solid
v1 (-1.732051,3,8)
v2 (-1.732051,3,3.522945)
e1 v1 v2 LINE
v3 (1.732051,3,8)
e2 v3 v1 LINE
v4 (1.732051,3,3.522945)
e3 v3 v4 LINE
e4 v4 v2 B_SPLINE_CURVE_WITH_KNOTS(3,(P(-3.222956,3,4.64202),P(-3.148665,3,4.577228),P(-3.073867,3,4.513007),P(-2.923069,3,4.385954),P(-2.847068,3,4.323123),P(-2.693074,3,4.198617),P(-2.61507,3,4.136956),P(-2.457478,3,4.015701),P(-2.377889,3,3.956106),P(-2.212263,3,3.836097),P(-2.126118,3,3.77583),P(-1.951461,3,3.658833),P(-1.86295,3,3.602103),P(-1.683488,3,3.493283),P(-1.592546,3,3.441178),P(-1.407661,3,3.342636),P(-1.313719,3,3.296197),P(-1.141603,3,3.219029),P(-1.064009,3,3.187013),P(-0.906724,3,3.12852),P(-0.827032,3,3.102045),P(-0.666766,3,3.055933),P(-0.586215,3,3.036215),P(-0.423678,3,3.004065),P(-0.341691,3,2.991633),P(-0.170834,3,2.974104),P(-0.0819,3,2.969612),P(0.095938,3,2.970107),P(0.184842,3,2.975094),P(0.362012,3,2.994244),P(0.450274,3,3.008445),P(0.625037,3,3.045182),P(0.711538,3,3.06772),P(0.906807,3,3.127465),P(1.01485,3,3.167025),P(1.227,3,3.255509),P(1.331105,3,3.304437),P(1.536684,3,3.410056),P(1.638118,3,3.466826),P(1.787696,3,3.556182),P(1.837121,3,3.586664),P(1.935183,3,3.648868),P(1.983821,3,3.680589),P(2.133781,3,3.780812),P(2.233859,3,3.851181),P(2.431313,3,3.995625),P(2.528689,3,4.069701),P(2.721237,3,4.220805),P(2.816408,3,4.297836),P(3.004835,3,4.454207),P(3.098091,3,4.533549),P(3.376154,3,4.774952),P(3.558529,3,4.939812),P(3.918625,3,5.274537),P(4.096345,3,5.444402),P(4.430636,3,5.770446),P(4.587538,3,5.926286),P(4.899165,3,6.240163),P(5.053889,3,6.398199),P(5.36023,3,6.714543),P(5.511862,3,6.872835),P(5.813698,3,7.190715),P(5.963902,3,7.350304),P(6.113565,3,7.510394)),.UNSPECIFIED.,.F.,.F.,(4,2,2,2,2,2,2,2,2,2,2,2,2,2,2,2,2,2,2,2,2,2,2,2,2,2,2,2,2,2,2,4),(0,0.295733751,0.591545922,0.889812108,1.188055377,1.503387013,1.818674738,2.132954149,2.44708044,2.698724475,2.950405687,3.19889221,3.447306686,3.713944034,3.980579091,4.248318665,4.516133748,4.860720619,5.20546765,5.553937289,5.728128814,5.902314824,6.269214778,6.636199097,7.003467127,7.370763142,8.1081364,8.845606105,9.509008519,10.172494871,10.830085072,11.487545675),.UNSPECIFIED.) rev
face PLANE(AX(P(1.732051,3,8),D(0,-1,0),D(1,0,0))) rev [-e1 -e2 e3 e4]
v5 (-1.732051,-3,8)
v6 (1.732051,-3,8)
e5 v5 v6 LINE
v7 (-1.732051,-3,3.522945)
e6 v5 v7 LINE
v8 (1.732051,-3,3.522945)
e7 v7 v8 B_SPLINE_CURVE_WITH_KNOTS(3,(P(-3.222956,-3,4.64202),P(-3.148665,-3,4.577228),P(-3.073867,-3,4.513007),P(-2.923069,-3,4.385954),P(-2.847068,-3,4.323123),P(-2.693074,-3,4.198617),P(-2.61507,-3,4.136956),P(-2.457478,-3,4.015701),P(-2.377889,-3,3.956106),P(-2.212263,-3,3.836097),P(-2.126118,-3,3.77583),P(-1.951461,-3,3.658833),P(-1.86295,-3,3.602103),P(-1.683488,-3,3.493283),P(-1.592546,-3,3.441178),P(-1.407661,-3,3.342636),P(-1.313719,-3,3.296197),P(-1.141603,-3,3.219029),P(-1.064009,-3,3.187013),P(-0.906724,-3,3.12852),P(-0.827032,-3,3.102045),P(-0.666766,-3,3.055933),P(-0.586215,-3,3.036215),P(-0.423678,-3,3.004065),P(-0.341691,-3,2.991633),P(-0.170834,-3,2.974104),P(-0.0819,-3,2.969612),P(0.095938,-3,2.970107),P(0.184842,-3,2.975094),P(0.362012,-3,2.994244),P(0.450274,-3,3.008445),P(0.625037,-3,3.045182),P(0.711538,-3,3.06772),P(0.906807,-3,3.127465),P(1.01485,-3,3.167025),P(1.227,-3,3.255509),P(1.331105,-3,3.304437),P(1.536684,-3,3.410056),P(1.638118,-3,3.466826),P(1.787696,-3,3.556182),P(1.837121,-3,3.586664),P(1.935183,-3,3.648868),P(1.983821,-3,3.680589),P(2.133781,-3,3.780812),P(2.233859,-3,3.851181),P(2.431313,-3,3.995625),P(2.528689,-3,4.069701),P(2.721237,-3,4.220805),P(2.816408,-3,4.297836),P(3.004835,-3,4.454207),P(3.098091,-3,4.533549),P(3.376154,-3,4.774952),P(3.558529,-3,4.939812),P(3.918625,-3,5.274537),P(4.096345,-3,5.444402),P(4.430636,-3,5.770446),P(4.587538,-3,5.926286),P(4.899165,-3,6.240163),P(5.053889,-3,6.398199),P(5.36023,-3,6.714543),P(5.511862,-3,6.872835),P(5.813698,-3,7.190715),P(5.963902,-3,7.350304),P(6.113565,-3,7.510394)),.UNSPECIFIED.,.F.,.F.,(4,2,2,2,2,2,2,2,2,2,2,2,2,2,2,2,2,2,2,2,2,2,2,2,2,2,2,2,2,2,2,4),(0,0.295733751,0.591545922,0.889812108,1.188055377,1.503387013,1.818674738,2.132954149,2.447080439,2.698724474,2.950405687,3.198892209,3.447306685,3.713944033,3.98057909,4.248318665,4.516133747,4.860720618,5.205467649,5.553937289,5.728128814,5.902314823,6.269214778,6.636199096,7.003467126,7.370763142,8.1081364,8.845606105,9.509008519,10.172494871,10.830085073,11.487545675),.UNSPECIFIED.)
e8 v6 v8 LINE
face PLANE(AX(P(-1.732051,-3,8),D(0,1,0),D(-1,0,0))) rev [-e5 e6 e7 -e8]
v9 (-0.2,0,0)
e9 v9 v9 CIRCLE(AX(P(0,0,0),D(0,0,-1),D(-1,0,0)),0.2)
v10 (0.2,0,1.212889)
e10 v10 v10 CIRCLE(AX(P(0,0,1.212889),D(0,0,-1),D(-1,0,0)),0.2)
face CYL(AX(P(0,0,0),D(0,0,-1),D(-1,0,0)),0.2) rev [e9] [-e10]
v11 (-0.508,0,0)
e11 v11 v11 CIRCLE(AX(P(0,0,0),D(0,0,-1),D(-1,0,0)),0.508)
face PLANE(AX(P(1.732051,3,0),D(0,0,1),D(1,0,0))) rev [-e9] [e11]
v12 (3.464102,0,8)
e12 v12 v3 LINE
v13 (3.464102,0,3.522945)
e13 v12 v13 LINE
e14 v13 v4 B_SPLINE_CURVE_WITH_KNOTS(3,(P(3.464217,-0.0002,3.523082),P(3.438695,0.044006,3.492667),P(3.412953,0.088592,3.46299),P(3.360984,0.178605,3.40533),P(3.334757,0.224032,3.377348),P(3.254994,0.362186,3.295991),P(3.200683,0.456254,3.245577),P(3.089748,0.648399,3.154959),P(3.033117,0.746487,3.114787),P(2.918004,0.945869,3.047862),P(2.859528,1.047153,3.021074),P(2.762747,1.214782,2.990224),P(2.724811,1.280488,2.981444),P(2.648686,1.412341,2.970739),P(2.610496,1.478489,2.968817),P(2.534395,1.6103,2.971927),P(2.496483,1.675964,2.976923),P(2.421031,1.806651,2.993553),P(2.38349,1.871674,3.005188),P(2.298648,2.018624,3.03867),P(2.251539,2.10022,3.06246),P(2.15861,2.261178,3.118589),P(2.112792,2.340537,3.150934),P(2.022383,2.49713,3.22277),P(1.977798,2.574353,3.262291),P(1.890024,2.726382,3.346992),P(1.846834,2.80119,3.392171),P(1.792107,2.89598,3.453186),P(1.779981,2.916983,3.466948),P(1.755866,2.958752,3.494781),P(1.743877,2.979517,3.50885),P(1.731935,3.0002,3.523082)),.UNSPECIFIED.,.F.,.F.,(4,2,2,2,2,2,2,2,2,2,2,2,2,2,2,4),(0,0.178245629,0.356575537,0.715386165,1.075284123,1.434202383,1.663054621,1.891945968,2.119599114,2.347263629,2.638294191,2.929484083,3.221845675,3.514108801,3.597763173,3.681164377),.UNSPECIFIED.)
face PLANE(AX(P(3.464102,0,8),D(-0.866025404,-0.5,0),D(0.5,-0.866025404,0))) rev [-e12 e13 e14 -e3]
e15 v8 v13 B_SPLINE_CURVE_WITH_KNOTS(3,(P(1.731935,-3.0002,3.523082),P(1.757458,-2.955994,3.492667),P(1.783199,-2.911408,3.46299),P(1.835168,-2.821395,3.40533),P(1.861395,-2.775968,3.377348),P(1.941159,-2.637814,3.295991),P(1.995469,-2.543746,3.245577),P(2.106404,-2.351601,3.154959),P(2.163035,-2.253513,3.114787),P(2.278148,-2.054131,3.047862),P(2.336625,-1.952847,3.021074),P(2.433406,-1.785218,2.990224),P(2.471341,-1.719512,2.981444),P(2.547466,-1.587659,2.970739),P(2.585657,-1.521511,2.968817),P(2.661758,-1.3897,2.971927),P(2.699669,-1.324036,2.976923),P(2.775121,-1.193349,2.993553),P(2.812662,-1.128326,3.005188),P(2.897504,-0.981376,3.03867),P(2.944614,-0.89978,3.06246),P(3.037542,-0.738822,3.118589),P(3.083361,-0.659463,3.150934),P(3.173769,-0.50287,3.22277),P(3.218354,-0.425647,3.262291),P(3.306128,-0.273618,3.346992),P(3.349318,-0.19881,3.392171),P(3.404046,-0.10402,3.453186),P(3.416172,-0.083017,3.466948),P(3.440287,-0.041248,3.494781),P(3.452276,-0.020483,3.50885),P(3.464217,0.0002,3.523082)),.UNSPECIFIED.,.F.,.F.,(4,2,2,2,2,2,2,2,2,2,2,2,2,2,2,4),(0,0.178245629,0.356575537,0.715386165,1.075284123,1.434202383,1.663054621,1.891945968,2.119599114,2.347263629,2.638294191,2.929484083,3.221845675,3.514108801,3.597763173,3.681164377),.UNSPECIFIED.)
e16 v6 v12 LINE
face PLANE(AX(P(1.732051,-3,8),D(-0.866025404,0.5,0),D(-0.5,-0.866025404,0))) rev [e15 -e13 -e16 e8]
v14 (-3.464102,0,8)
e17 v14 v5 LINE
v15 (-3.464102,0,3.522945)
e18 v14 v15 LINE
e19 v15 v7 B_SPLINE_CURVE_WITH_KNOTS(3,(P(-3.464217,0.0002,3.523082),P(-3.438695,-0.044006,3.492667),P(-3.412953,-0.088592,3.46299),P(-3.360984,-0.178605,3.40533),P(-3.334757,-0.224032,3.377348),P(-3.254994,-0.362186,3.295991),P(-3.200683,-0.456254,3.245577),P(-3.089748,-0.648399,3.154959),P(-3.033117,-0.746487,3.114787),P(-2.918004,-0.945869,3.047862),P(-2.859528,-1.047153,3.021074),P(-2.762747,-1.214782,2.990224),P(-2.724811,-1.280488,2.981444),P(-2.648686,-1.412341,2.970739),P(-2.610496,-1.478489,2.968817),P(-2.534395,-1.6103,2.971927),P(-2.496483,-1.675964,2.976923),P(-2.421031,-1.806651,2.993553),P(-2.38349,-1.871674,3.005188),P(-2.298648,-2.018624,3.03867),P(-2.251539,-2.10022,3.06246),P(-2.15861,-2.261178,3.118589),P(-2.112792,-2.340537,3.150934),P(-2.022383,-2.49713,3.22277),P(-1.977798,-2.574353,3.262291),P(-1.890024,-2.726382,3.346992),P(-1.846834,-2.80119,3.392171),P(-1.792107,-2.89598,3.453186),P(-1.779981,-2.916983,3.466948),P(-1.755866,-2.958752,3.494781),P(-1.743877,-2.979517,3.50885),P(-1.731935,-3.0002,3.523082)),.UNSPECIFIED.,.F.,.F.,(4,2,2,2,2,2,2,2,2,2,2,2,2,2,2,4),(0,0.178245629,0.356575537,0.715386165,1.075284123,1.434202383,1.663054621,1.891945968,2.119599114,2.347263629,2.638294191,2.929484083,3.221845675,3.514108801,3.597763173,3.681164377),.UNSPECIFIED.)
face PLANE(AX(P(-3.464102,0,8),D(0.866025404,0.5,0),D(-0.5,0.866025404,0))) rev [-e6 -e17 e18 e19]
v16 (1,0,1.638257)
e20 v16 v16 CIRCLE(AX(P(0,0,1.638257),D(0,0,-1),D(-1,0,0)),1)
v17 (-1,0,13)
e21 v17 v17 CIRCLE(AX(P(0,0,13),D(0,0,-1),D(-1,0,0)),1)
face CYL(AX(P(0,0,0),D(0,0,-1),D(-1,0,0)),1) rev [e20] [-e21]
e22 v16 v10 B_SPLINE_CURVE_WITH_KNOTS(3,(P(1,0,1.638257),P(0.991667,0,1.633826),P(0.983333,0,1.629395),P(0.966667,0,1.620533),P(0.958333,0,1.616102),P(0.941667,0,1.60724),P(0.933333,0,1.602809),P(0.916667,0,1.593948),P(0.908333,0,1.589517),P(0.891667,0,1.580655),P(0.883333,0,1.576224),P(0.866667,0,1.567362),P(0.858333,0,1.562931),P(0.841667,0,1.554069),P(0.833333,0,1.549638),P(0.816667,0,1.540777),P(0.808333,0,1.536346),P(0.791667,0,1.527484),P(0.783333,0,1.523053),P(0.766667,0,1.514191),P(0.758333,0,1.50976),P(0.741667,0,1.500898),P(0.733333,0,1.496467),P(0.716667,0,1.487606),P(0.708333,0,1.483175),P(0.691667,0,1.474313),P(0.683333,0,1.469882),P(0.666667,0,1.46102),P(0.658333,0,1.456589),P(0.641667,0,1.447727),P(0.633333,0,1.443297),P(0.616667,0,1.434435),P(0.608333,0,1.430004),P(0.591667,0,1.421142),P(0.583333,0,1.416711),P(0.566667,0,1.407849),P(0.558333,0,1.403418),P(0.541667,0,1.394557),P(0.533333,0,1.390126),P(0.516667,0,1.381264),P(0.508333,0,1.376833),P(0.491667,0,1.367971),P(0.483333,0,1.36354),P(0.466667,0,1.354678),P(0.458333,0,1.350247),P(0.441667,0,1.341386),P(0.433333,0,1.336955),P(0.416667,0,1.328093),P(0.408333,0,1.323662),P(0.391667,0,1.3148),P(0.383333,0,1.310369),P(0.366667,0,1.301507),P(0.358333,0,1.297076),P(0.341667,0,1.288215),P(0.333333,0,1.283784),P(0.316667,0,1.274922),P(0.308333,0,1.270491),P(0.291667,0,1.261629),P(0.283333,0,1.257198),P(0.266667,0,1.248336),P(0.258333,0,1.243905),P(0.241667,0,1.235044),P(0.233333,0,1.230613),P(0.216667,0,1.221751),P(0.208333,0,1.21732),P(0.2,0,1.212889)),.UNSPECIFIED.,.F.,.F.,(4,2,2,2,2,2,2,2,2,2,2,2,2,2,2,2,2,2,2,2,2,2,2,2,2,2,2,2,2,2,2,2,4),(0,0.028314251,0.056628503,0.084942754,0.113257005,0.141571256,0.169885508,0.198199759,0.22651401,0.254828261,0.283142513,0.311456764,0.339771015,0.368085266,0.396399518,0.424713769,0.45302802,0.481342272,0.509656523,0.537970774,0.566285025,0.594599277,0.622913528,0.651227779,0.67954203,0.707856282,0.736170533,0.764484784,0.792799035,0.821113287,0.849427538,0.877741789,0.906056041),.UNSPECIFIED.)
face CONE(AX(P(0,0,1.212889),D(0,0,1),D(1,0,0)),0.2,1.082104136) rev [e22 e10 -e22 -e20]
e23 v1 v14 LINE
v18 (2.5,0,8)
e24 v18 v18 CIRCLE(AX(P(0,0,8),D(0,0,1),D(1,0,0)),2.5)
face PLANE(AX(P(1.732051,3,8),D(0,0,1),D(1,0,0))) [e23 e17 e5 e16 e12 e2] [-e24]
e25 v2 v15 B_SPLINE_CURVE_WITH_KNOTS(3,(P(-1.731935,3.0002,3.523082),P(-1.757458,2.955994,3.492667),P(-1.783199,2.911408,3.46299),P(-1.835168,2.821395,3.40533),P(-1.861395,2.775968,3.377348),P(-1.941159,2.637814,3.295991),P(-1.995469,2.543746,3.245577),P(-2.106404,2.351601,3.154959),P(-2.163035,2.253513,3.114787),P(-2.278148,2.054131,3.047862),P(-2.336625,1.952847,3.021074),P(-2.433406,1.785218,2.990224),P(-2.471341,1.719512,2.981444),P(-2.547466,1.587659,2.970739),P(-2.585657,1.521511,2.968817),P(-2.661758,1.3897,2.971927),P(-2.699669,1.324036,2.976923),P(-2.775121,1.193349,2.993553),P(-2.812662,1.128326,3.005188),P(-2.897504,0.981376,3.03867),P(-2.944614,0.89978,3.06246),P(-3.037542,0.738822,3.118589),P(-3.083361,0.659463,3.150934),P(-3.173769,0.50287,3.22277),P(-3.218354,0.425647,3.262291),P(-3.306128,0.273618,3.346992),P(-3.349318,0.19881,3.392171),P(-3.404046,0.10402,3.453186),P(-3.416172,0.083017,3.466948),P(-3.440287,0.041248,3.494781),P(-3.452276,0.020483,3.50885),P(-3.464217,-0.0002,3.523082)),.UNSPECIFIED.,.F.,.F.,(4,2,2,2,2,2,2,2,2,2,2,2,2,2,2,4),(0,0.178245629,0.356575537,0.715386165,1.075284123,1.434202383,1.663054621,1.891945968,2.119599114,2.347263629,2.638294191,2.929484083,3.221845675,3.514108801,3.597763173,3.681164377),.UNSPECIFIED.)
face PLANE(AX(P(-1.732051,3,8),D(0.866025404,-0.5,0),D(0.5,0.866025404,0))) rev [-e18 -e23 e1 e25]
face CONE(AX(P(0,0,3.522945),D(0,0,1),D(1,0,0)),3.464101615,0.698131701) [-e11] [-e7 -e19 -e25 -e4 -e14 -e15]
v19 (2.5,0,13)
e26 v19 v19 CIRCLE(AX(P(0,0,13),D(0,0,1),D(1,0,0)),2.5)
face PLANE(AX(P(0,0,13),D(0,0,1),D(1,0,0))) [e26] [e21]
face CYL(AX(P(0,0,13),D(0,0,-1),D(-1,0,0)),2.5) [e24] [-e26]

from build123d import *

# Parameters (mm, degrees)
BOSS_EXTRUDE1_DEPTH = 8
SKETCH3_R           = 2.5
BOSS_EXTRUDE2_DEPTH = 5


with BuildPart() as part:
    # Sketch1 → Boss-Extrude1 (new body)
    with BuildSketch(Plane.XY):
        Polygon((1.732050808, 3), (-1.732050808, 3), (-3.464101615, 0), (-1.732050808, -3), (1.732050808, -3), (3.464101615, 0), align=None)
    extrude(amount=BOSS_EXTRUDE1_DEPTH)

    # Sketch2 → Cut-Revolve1 (revolve, cut)
    with BuildSketch(Plane(origin=(0, 0, 0), x_dir=(1, 0, 0), z_dir=(0, 1, 0))):
        Polygon((-0.508, 0), (-3.464101615, -3.52294472), (-3.464101615, 0), align=None)
    revolve(axis=Axis((0, 0, 0), (0, 0, 1)), mode=Mode.SUBTRACT)

    # Sketch3 → Boss-Extrude2 (add)
    with BuildSketch(Plane.XY.offset(8)):
        Circle(SKETCH3_R)
    extrude(amount=BOSS_EXTRUDE2_DEPTH)

    # Sketch4 → Cut-Revolve2 (revolve, cut)
    with BuildSketch(Plane(origin=(0, 0, 0), x_dir=(1, 0, 0), z_dir=(0, 1, 0))):
        Polygon((0, 0), (0, -13), (-1, -13), (-1, -1.638256659), (-0.2, -1.212889113), (-0.2, 0), align=None)
    revolve(axis=Axis((0, 0, 0), (0, 0, 1)), mode=Mode.SUBTRACT)


solid = part.part
